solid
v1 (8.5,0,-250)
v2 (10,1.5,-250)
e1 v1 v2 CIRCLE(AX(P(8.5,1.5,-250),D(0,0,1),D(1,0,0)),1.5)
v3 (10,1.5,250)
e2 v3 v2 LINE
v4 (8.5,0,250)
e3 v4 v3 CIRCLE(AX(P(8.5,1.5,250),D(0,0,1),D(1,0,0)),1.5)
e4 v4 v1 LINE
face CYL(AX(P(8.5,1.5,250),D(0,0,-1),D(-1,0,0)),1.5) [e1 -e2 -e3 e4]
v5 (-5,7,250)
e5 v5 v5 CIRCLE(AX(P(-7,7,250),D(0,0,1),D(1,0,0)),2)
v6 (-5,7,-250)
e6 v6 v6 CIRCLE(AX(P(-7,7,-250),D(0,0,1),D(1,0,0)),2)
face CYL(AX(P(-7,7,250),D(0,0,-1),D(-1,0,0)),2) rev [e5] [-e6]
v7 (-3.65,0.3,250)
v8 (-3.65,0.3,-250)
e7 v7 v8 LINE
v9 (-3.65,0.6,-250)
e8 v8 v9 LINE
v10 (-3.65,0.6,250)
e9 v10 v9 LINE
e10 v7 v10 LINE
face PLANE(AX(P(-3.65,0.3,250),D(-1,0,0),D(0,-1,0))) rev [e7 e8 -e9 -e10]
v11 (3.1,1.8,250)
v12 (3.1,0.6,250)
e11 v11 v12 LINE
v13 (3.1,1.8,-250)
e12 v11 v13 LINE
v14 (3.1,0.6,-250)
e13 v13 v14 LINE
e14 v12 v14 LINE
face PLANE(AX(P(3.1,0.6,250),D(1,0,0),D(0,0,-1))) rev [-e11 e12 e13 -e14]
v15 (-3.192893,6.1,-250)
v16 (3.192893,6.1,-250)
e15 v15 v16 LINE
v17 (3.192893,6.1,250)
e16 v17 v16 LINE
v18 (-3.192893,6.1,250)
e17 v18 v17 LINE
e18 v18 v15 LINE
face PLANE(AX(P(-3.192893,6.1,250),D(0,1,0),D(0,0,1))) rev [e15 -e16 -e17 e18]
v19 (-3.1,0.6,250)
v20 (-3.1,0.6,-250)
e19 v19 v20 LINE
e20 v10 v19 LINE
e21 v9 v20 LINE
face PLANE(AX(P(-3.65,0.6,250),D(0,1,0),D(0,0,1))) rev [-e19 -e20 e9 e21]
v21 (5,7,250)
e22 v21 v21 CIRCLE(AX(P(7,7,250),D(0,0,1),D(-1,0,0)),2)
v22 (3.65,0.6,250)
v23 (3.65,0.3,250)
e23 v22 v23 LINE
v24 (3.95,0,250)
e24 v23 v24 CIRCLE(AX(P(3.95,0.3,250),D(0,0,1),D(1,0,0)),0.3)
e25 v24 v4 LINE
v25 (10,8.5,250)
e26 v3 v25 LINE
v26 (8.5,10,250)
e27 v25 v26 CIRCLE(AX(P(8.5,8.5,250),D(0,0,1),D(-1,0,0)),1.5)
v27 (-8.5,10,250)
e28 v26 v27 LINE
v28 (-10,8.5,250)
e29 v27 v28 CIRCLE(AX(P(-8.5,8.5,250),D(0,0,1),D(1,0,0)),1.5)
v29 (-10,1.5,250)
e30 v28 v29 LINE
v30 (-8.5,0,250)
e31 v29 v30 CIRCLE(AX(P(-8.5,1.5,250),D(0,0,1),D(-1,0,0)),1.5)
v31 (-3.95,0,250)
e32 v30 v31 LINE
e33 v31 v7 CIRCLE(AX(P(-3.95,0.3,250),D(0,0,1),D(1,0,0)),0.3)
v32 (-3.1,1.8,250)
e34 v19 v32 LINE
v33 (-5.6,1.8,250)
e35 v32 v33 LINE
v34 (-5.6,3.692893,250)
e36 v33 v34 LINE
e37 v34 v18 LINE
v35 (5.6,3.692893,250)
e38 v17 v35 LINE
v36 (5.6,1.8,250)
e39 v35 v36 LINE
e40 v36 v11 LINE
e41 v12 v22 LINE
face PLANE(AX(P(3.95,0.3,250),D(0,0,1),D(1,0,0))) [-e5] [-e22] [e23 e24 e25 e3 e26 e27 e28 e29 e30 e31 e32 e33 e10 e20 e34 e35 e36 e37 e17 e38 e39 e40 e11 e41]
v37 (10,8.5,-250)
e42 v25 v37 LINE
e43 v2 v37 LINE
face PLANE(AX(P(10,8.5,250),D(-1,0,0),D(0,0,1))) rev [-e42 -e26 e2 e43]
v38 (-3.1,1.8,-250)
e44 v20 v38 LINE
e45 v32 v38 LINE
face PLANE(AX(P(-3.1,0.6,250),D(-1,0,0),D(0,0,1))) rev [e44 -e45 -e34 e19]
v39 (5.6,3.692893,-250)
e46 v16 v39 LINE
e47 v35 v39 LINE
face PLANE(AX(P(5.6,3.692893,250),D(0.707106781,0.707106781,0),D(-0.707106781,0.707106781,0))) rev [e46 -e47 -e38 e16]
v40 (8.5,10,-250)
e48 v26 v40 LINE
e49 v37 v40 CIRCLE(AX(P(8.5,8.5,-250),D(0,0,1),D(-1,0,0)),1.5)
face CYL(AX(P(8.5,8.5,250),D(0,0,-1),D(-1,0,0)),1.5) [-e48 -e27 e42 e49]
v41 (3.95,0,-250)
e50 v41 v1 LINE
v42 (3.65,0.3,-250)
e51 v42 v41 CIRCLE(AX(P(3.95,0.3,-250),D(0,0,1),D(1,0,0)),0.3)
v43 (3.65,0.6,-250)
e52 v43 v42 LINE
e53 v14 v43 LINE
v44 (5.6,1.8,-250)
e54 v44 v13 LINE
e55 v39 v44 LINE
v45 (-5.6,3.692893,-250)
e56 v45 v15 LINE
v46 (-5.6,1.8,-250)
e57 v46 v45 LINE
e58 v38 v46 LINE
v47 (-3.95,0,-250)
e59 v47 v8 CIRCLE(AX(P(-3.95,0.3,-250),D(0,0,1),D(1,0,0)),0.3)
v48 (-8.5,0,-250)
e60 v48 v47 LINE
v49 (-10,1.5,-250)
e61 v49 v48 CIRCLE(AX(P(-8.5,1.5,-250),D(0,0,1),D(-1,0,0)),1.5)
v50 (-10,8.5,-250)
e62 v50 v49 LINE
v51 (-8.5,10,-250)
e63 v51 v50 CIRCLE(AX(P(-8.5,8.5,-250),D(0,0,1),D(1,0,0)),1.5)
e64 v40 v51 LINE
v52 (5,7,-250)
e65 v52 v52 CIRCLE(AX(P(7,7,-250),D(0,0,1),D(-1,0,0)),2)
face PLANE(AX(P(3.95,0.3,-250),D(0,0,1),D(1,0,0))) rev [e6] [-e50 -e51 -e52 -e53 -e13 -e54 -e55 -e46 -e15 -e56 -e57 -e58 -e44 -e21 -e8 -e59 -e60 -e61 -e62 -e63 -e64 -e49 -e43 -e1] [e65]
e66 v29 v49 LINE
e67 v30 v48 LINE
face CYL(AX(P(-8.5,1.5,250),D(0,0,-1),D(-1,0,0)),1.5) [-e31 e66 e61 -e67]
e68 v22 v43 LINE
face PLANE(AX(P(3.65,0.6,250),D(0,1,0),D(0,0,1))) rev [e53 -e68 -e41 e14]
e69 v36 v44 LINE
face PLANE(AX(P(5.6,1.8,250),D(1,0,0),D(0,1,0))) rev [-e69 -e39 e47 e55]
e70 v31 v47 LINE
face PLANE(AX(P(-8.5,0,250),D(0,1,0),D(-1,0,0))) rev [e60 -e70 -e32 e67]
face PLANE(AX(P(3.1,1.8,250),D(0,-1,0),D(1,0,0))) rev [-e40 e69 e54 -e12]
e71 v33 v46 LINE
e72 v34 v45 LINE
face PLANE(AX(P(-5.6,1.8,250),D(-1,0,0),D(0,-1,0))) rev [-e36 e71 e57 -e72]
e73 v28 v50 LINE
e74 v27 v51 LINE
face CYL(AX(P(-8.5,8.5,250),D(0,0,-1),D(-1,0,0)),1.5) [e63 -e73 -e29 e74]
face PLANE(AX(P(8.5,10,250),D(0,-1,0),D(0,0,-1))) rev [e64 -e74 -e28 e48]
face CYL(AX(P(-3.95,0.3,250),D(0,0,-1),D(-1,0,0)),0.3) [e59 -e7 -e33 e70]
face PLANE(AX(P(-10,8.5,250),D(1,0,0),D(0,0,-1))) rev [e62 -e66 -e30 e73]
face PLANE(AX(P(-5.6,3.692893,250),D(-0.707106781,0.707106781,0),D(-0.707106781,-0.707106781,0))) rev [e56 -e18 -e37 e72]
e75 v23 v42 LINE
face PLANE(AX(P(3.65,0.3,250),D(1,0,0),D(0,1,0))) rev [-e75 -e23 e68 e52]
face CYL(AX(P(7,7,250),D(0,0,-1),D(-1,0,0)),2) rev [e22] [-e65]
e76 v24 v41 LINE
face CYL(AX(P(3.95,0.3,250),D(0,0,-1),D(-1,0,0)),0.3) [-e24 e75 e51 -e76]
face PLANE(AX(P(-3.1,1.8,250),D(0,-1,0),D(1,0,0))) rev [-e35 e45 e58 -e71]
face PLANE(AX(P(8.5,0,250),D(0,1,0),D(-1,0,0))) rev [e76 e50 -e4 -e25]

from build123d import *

# Parameters (mm, degrees)
SKETCH_1_R      = 2
EXTRUDE_1_DEPTH = 250


with BuildPart() as part:
    # 草图1 → 凸台-拉伸1 (new, symmetric)
    with BuildSketch(Plane.XY):
        with BuildLine():
            Line((-8.5, 0), (-3.95, 0))
            ThreePointArc((-3.95, 0), (-3.737867966, 0.087867966), (-3.65, 0.3))
            Line((-3.65, 0.3), (-3.65, 0.6))
            Line((-3.65, 0.6), (-3.1, 0.6))
            Line((-3.1, 0.6), (-3.1, 1.8))
            Line((-3.1, 1.8), (-5.6, 1.8))
            Line((-5.6, 1.8), (-5.6, 3.692893219))
            Line((-5.6, 3.692893219), (-3.192893219, 6.1))
            Line((-3.192893219, 6.1), (3.192893219, 6.1))
            Line((3.192893219, 6.1), (5.6, 3.692893219))
            Line((5.6, 3.692893219), (5.6, 1.8))
            Line((5.6, 1.8), (3.1, 1.8))
            Line((3.1, 1.8), (3.1, 0.6))
            Line((3.1, 0.6), (3.65, 0.6))
            Line((3.65, 0.6), (3.65, 0.3))
            ThreePointArc((3.65, 0.3), (3.737867966, 0.087867966), (3.95, 0))
            Line((3.95, 0), (8.5, 0))
            ThreePointArc((8.5, 0), (9.560660172, 0.439339828), (10, 1.5))
            Line((10, 1.5), (10, 8.5))
            ThreePointArc((10, 8.5), (9.560660172, 9.560660172), (8.5, 10))
            Line((8.5, 10), (-8.5, 10))
            ThreePointArc((-8.5, 10), (-9.560660172, 9.560660172), (-10, 8.5))
            Line((-10, 8.5), (-10, 1.5))
            ThreePointArc((-10, 1.5), (-9.560660172, 0.439339828), (-8.5, 0))
        make_face()
        with Locations((-7, 7)):
            Circle(SKETCH_1_R, mode=Mode.SUBTRACT)
        with Locations(Location((7, 7, 0), (0, 0, 180))):
            Circle(SKETCH_1_R, mode=Mode.SUBTRACT)
    extrude(amount=EXTRUDE_1_DEPTH, both=True)


solid = part.part
